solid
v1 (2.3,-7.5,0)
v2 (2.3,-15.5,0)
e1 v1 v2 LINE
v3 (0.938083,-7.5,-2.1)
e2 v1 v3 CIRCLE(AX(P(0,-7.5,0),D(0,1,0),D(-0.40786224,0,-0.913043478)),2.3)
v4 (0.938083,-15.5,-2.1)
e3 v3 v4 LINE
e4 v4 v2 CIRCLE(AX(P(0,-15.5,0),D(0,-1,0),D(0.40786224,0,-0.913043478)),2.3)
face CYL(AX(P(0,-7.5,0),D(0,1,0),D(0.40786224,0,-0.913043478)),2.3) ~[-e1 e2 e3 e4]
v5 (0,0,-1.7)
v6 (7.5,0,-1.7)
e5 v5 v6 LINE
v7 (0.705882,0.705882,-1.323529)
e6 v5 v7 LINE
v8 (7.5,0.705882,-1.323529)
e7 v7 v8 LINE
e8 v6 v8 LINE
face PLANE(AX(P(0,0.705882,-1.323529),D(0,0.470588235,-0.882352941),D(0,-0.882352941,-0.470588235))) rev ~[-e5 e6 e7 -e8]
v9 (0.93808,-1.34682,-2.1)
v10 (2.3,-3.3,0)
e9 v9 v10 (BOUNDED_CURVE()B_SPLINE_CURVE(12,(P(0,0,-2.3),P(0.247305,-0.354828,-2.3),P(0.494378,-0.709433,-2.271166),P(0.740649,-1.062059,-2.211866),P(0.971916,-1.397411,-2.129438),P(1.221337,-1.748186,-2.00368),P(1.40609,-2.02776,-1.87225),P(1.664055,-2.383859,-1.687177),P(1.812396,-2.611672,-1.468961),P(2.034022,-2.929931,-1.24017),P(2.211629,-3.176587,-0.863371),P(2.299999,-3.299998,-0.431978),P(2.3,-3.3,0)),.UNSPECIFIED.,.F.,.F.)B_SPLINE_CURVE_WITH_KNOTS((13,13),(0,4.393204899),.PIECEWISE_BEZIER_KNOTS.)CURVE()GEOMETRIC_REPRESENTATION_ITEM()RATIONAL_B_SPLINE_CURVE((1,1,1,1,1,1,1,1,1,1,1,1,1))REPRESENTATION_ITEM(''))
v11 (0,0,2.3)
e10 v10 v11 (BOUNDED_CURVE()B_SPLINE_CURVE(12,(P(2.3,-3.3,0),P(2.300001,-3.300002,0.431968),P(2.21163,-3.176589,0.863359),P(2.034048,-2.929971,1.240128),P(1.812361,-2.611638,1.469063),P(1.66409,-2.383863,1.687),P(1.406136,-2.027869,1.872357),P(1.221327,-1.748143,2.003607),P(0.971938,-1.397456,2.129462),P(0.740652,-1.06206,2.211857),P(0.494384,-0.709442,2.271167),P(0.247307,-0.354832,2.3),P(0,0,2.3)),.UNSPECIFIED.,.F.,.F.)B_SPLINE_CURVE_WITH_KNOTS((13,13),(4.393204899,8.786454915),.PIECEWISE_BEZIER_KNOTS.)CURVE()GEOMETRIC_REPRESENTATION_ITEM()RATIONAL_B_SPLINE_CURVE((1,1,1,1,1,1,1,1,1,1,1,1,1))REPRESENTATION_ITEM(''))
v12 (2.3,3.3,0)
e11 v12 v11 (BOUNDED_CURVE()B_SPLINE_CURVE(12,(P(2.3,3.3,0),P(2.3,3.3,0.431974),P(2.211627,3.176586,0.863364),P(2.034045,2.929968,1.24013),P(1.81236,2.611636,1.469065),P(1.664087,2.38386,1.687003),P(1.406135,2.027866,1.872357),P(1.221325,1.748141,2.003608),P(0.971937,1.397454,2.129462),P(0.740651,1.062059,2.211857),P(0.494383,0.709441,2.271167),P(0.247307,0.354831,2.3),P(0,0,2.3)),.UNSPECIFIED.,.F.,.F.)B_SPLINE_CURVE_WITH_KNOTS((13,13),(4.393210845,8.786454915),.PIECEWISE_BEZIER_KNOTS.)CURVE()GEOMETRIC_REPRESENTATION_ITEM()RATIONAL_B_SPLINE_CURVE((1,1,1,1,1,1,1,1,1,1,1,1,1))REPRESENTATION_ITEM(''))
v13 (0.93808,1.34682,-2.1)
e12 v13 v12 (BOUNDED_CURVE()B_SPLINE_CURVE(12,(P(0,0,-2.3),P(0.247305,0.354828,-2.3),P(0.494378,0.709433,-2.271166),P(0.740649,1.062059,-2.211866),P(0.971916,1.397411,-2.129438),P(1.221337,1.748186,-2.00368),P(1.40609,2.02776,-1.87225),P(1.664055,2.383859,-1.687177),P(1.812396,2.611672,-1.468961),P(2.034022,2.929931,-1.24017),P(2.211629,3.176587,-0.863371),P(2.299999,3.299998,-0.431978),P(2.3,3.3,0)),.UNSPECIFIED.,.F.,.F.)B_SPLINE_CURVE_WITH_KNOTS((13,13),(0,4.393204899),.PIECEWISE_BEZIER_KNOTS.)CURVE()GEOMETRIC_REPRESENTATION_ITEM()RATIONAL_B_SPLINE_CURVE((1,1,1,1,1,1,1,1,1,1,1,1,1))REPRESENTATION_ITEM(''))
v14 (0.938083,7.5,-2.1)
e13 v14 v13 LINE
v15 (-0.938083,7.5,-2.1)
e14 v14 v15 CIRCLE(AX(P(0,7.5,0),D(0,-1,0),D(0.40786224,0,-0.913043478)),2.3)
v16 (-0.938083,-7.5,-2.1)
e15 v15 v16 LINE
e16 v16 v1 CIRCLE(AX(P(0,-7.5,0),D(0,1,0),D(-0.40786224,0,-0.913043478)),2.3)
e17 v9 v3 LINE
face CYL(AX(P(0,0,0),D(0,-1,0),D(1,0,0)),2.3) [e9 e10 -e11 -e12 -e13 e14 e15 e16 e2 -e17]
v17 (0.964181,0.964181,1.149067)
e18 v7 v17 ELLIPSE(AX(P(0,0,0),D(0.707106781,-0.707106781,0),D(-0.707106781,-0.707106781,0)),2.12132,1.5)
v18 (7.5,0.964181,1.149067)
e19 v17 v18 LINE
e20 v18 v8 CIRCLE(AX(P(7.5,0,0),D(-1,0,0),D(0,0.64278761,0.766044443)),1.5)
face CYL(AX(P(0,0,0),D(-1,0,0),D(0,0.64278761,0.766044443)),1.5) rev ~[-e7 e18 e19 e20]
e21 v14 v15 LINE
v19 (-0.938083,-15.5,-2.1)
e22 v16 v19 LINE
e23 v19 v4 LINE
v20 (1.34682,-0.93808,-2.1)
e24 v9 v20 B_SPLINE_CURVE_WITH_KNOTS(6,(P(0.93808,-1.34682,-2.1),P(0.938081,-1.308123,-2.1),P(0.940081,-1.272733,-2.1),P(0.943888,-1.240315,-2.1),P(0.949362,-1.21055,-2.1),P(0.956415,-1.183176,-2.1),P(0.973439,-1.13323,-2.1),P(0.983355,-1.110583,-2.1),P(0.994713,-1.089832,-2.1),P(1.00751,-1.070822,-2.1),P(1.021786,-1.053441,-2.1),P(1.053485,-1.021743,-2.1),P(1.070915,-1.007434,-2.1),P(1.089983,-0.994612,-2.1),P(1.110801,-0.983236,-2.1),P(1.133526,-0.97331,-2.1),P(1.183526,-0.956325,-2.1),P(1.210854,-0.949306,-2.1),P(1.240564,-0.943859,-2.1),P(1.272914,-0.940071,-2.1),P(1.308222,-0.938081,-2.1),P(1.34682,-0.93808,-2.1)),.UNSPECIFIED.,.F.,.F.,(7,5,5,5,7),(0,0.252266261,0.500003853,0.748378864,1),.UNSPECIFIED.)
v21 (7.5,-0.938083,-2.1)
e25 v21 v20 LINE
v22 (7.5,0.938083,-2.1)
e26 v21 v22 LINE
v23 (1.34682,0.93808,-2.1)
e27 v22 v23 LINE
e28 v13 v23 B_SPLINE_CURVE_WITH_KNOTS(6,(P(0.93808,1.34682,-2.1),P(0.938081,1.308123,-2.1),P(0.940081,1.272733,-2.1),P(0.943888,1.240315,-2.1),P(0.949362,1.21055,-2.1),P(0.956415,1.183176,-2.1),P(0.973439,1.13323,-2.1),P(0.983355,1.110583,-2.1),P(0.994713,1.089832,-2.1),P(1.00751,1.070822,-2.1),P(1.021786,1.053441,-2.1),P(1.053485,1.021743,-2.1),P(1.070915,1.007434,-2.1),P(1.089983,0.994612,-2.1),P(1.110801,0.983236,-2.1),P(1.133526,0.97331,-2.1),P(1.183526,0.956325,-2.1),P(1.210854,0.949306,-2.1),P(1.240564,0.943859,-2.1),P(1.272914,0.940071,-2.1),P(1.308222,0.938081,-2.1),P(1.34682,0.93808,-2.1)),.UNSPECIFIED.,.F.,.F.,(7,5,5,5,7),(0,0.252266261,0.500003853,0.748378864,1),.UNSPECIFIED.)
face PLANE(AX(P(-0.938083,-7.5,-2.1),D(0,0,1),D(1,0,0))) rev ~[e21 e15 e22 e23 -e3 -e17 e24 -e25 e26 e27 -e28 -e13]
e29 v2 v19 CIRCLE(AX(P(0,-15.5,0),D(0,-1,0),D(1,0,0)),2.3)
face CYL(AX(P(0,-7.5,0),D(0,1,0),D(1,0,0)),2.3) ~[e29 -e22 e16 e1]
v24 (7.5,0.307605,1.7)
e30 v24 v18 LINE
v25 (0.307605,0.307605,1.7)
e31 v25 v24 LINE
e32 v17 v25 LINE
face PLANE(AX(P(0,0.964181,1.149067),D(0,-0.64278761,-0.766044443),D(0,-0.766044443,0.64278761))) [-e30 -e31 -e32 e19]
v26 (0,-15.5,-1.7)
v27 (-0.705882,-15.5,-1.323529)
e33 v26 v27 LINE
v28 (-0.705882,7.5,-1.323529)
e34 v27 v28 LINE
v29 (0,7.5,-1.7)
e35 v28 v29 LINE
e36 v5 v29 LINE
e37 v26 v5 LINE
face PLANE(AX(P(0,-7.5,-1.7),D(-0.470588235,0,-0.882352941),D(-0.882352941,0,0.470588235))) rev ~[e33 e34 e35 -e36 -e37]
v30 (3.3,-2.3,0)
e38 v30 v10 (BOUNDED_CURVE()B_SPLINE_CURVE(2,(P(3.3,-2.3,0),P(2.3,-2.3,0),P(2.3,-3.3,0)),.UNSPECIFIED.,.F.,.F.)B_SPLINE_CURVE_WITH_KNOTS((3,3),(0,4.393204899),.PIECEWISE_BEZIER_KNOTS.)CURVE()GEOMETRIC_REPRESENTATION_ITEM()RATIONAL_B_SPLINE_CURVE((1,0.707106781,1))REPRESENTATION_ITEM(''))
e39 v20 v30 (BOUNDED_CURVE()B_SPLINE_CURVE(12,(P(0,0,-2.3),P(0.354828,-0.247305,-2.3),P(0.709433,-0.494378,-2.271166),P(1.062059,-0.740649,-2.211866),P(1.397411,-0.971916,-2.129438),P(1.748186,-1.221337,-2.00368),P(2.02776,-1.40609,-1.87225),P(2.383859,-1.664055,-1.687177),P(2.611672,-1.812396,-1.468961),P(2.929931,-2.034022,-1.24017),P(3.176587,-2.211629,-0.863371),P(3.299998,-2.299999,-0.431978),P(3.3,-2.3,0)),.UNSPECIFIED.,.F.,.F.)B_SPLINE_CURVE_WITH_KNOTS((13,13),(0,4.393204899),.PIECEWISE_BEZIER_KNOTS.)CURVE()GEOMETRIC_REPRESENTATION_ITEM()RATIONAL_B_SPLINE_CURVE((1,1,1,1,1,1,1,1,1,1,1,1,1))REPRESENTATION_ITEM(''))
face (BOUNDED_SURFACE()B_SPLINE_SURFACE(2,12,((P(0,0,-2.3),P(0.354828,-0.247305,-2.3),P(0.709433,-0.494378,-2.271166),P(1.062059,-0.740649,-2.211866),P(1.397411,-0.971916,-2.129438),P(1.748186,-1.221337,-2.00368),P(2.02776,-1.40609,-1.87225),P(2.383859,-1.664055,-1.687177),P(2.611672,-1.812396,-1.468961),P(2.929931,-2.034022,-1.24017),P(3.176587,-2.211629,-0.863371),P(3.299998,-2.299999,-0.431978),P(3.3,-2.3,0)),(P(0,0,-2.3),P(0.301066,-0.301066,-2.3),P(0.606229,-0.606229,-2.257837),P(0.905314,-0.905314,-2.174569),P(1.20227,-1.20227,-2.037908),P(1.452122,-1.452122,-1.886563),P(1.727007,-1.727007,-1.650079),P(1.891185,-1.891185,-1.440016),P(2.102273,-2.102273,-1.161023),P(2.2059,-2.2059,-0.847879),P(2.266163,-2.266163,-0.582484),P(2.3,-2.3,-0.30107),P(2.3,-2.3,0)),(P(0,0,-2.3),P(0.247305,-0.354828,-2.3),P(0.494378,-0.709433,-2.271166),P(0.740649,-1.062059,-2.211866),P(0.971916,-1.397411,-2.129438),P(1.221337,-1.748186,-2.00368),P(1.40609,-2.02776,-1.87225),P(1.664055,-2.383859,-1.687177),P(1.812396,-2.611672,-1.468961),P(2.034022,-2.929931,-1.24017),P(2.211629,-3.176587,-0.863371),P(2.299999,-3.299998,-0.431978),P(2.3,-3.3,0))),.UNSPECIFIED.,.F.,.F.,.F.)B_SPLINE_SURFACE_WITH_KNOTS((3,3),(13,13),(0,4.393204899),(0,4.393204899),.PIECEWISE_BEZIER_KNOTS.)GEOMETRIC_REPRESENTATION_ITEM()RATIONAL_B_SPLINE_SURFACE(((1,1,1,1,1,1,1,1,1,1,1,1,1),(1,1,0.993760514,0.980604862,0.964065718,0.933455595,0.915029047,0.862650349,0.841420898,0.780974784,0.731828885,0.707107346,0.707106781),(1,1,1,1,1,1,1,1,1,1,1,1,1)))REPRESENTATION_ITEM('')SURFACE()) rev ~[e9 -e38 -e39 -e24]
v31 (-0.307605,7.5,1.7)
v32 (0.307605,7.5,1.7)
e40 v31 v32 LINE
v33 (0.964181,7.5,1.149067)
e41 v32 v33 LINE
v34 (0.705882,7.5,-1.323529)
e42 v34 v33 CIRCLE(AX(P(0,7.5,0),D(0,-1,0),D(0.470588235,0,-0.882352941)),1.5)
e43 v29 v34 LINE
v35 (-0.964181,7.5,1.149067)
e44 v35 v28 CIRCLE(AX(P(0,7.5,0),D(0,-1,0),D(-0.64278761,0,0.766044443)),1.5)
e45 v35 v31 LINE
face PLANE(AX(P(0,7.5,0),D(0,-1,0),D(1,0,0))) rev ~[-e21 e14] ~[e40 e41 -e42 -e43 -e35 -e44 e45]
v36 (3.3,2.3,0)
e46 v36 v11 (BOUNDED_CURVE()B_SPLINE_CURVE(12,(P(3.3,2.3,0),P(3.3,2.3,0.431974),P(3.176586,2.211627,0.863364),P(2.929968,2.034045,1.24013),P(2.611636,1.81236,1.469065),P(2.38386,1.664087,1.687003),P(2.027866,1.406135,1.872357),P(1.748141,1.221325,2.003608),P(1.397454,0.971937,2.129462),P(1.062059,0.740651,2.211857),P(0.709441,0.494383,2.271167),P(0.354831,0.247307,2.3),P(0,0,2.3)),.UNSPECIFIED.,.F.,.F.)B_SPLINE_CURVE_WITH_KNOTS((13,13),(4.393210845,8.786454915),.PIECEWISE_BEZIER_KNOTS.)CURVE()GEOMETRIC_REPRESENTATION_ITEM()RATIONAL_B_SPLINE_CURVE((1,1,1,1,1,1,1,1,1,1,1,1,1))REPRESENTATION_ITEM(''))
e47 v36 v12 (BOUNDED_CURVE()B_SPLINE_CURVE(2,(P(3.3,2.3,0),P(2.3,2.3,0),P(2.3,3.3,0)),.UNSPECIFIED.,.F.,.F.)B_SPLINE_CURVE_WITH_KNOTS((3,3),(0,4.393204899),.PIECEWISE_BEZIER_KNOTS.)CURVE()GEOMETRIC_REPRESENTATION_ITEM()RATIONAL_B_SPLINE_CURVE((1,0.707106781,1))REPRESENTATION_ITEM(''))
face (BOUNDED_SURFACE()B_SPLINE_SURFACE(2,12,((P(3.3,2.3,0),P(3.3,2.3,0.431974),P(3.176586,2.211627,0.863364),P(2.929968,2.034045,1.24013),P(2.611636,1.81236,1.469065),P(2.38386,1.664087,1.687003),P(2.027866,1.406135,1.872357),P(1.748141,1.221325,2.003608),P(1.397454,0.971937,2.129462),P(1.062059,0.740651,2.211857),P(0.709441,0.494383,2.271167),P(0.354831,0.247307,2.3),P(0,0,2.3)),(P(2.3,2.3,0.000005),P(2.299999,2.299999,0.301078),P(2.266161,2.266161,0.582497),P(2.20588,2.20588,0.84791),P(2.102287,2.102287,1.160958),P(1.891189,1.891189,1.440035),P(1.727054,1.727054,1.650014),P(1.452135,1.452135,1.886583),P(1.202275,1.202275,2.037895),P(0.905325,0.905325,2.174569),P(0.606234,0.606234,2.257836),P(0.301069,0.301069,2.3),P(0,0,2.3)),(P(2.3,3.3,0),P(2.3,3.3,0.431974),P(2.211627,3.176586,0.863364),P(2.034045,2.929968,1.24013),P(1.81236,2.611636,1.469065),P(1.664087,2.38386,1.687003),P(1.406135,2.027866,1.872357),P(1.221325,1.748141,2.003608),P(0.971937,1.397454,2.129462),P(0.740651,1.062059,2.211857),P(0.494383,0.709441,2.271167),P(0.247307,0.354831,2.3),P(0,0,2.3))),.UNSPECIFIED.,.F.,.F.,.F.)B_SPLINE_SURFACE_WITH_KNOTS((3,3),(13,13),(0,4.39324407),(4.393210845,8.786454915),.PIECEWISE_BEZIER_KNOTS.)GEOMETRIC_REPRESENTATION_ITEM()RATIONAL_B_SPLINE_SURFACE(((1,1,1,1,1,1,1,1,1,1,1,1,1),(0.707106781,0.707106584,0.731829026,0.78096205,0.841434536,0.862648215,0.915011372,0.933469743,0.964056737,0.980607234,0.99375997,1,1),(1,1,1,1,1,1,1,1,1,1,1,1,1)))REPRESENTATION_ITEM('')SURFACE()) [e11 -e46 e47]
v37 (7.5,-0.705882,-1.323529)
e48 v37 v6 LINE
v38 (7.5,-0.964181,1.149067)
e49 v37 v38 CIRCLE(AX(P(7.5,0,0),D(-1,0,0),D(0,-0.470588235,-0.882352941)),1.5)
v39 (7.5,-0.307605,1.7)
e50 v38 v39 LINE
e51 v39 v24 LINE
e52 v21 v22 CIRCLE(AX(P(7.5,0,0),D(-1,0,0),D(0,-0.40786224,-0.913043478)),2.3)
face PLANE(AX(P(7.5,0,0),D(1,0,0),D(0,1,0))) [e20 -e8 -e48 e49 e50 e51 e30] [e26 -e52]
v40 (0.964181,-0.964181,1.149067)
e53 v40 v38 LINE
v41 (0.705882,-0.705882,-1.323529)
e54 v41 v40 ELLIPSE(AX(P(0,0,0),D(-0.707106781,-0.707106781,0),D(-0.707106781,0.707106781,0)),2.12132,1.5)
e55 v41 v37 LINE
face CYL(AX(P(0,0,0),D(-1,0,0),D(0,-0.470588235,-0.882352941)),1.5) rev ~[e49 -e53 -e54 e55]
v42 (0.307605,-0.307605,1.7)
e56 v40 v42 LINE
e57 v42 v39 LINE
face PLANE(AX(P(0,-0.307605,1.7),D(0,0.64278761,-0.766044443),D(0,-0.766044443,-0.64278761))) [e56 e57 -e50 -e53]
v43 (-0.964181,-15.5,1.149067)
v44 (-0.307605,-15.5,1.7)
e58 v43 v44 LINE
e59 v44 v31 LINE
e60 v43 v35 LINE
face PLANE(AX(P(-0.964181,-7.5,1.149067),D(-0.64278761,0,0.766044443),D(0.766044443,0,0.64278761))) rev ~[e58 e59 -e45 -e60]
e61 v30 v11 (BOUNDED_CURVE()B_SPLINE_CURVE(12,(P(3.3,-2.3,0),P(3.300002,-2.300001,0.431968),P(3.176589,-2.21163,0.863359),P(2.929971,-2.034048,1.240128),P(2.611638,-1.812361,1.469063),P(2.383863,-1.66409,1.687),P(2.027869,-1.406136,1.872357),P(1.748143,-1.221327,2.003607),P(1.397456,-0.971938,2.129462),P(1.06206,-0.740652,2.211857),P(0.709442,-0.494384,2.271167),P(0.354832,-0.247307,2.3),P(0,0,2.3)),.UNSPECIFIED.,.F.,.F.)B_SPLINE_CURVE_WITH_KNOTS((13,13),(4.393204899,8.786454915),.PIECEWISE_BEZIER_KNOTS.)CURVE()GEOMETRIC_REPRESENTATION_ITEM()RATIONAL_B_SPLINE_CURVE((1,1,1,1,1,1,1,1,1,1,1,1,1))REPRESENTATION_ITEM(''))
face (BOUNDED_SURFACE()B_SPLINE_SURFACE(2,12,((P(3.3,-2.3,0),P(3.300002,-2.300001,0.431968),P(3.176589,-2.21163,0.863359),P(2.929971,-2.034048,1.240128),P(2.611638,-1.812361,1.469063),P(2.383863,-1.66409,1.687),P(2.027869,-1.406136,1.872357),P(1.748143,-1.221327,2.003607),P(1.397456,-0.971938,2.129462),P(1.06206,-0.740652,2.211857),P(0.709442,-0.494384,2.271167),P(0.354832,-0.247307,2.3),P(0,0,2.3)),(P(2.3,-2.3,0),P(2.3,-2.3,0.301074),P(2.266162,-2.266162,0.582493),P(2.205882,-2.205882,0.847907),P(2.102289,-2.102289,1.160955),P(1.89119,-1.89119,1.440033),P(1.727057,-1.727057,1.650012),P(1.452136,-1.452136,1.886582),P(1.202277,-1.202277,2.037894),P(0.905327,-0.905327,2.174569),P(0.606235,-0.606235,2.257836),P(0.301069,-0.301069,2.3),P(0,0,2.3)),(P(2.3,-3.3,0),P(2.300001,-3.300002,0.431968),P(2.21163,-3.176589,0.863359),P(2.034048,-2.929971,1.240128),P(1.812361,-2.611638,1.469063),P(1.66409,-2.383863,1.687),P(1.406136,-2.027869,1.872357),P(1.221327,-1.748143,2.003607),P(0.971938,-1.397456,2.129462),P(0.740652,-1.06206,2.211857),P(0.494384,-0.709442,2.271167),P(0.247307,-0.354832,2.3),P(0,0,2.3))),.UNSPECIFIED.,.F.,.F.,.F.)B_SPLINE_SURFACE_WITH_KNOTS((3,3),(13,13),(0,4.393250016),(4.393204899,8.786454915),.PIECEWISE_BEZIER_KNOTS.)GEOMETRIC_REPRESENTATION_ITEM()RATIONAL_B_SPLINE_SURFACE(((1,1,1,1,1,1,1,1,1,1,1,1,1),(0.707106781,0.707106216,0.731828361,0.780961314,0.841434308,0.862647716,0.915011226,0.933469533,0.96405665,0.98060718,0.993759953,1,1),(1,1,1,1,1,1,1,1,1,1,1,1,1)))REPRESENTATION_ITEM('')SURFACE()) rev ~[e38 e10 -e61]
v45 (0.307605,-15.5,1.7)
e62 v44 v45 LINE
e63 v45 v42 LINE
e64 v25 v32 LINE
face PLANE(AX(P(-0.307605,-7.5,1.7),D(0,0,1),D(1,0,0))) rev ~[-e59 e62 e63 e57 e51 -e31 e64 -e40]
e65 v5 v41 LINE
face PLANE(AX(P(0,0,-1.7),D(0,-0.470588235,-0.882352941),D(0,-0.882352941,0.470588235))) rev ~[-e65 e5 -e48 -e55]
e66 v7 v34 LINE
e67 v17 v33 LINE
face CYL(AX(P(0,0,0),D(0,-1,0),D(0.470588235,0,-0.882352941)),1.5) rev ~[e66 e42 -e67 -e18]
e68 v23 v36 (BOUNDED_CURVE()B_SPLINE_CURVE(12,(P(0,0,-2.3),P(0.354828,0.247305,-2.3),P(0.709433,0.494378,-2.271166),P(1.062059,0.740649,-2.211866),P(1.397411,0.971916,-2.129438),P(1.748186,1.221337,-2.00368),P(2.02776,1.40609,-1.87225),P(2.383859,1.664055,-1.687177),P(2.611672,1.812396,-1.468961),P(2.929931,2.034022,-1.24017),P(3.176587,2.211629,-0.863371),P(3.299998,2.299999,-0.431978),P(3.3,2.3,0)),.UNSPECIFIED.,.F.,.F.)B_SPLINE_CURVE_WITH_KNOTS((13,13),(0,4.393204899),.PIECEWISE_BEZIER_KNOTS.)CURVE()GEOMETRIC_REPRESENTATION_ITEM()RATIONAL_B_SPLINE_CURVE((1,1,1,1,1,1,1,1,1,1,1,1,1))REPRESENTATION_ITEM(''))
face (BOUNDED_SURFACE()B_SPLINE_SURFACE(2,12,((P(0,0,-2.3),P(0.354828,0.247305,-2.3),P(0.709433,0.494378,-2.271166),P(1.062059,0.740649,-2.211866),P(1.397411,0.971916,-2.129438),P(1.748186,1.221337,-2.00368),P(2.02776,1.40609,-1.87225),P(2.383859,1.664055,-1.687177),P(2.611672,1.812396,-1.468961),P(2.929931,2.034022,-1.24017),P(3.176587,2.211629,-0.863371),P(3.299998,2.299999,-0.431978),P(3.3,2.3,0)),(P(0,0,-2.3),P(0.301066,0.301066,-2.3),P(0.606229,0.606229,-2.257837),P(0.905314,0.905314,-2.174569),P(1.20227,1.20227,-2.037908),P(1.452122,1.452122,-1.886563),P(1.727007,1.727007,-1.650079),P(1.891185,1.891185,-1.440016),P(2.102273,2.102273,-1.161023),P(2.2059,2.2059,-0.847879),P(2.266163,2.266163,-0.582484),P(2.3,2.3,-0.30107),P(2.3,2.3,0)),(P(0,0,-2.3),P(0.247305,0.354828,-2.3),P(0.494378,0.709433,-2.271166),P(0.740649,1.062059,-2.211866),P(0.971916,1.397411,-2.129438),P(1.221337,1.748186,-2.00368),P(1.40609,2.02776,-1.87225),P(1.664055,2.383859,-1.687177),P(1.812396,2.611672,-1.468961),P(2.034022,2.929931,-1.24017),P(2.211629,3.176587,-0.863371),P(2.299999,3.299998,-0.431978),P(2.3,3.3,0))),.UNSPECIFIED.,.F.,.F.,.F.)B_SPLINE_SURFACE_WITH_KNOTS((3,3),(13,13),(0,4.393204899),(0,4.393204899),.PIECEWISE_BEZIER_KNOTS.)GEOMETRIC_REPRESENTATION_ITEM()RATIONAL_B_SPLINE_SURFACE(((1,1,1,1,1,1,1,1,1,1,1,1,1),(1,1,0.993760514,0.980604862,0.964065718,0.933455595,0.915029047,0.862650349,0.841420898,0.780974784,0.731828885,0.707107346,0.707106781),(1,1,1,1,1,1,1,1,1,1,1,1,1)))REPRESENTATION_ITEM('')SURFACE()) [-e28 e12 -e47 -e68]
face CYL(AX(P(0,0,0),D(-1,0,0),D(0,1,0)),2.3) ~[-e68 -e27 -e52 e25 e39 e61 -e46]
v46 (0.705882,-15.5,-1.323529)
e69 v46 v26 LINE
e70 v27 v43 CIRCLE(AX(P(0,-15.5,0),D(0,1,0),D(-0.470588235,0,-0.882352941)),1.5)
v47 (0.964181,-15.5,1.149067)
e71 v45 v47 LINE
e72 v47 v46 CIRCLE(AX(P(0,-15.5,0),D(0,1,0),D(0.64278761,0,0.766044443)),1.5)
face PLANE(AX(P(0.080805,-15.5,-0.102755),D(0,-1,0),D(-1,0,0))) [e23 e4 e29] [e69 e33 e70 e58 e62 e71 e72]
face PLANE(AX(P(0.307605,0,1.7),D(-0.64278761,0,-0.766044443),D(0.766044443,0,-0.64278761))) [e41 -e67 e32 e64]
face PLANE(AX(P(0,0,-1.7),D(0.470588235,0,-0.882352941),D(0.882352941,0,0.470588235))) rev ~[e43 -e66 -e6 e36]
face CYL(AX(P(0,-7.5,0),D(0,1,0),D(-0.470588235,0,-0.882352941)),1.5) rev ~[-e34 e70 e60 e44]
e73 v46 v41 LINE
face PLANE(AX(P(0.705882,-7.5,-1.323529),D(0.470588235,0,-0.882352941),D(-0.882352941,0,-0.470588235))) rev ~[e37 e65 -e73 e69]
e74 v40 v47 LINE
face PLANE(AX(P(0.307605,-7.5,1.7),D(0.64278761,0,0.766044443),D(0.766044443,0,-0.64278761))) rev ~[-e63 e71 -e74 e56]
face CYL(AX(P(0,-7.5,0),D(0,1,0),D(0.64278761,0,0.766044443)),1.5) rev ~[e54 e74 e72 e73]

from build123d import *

# Parameters (mm, degrees)
SKETCH_R           = 2.3
PAD_DEPTH          = 7.5
SKETCH001_R        = 2.3
PAD001_DEPTH       = 7.5
POCKET_DEPTH       = 44.4982971986
POLARPATTERN_COUNT = 3
POLARPATTERN_ANGLE = 180
FILLET_R           = 1
SKETCH003_W        = 15
SKETCH003_H        = 15
POCKET001_DEPTH    = 0.2
PAD002_DEPTH       = 8


with BuildPart() as part:
    # Sketch → Pad (new body, symmetric)
    with BuildSketch(Plane.XZ):
        Circle(SKETCH_R)
    extrude(amount=PAD_DEPTH, both=True)

    # Sketch001 → Pad001 (join)
    with BuildSketch(Plane.YZ):
        Circle(SKETCH001_R)
    extrude(amount=PAD001_DEPTH)

    # Sketch002 → Pocket (cut, through all)
    with BuildSketch(Plane.XZ):
        with BuildLine():
            ThreePointArc((-0.9641814145, 1.1490666647), (-1.4918817266, -0.1558490097), (-0.7058823529, -1.3235294118))
            Line((-0.7058823529, -1.3235294118), (0, -1.7))
            Line((0, -1.7), (0.7058823529, -1.3235294118))
            ThreePointArc((0.7058823529, -1.3235294118), (1.4918817266, -0.1558490097), (0.9641814145, 1.1490666647))
            Line((0.3076046329, 1.7), (0.9641814145, 1.1490666647))
            Line((-0.3076046329, 1.7), (0.3076046329, 1.7))
            Line((-0.9641814145, 1.1490666647), (-0.3076046329, 1.7))
        make_face()
    pocket = extrude(amount=-POCKET_DEPTH, mode=Mode.SUBTRACT)

    # PolarPattern: Pocket ×3 about axis
    polarpattern_axis = Axis((0, 0, 0), (0, 0, -1))
    for i in range(1, POLARPATTERN_COUNT):
        add(pocket.rotate(polarpattern_axis, i * POLARPATTERN_ANGLE / (POLARPATTERN_COUNT - 1)), mode=Mode.SUBTRACT)

    # Fillet
    fillet_edges = [part.edges().sort_by_distance(p)[0] for p in [
        (1.485912, -1.485912, 1.755581),
        (1.485912, 1.485912, 1.755581),
    ]]
    fillet(fillet_edges, radius=FILLET_R)

    # Sketch003 → Pocket001 (cut)
    with BuildSketch(Plane(origin=(0, 0, -2.3), x_dir=(-1, 0, 0), z_dir=(0, 0, -1))):
        Rectangle(SKETCH003_W, SKETCH003_H)
    extrude(amount=-POCKET001_DEPTH, mode=Mode.SUBTRACT)

    # Pocket001 Face10 → Pad002 (add)
    with BuildSketch(Plane(origin=(0, -7.5, 0.0372192642), x_dir=(-1, 0, 0), z_dir=(0, -1, 0))):
        with BuildLine():
            ThreePointArc((-2.3, 0.0372192642), (1.2514808729, -1.892494607), (0.938083152, 2.1372192642))
            Line((0.938083152, 2.1372192642), (-0.938083152, 2.1372192642))
            ThreePointArc((-0.938083152, 2.1372192642), (-1.9297138712, 1.2887001371), (-2.3, 0.0372192642))
        make_face()
        with BuildLine():
            ThreePointArc((-0.9641814145, -1.1118474005), (-1.4918817266, 0.1930682739), (-0.7058823529, 1.360748676))
            Line((-0.7058823529, 1.360748676), (0, 1.7372192642))
            Line((0, 1.7372192642), (0.7058823529, 1.360748676))
            ThreePointArc((0.7058823529, 1.360748676), (1.4918817266, 0.1930682739), (0.9641814145, -1.1118474005))
            Line((0.9641814145, -1.1118474005), (0.3076046329, -1.6627807358))
            Line((0.3076046329, -1.6627807358), (-0.3076046329, -1.6627807358))
            Line((-0.3076046329, -1.6627807358), (-0.9641814145, -1.1118474005))
        make_face(mode=Mode.SUBTRACT)
    extrude(amount=PAD002_DEPTH)


solid = part.part
